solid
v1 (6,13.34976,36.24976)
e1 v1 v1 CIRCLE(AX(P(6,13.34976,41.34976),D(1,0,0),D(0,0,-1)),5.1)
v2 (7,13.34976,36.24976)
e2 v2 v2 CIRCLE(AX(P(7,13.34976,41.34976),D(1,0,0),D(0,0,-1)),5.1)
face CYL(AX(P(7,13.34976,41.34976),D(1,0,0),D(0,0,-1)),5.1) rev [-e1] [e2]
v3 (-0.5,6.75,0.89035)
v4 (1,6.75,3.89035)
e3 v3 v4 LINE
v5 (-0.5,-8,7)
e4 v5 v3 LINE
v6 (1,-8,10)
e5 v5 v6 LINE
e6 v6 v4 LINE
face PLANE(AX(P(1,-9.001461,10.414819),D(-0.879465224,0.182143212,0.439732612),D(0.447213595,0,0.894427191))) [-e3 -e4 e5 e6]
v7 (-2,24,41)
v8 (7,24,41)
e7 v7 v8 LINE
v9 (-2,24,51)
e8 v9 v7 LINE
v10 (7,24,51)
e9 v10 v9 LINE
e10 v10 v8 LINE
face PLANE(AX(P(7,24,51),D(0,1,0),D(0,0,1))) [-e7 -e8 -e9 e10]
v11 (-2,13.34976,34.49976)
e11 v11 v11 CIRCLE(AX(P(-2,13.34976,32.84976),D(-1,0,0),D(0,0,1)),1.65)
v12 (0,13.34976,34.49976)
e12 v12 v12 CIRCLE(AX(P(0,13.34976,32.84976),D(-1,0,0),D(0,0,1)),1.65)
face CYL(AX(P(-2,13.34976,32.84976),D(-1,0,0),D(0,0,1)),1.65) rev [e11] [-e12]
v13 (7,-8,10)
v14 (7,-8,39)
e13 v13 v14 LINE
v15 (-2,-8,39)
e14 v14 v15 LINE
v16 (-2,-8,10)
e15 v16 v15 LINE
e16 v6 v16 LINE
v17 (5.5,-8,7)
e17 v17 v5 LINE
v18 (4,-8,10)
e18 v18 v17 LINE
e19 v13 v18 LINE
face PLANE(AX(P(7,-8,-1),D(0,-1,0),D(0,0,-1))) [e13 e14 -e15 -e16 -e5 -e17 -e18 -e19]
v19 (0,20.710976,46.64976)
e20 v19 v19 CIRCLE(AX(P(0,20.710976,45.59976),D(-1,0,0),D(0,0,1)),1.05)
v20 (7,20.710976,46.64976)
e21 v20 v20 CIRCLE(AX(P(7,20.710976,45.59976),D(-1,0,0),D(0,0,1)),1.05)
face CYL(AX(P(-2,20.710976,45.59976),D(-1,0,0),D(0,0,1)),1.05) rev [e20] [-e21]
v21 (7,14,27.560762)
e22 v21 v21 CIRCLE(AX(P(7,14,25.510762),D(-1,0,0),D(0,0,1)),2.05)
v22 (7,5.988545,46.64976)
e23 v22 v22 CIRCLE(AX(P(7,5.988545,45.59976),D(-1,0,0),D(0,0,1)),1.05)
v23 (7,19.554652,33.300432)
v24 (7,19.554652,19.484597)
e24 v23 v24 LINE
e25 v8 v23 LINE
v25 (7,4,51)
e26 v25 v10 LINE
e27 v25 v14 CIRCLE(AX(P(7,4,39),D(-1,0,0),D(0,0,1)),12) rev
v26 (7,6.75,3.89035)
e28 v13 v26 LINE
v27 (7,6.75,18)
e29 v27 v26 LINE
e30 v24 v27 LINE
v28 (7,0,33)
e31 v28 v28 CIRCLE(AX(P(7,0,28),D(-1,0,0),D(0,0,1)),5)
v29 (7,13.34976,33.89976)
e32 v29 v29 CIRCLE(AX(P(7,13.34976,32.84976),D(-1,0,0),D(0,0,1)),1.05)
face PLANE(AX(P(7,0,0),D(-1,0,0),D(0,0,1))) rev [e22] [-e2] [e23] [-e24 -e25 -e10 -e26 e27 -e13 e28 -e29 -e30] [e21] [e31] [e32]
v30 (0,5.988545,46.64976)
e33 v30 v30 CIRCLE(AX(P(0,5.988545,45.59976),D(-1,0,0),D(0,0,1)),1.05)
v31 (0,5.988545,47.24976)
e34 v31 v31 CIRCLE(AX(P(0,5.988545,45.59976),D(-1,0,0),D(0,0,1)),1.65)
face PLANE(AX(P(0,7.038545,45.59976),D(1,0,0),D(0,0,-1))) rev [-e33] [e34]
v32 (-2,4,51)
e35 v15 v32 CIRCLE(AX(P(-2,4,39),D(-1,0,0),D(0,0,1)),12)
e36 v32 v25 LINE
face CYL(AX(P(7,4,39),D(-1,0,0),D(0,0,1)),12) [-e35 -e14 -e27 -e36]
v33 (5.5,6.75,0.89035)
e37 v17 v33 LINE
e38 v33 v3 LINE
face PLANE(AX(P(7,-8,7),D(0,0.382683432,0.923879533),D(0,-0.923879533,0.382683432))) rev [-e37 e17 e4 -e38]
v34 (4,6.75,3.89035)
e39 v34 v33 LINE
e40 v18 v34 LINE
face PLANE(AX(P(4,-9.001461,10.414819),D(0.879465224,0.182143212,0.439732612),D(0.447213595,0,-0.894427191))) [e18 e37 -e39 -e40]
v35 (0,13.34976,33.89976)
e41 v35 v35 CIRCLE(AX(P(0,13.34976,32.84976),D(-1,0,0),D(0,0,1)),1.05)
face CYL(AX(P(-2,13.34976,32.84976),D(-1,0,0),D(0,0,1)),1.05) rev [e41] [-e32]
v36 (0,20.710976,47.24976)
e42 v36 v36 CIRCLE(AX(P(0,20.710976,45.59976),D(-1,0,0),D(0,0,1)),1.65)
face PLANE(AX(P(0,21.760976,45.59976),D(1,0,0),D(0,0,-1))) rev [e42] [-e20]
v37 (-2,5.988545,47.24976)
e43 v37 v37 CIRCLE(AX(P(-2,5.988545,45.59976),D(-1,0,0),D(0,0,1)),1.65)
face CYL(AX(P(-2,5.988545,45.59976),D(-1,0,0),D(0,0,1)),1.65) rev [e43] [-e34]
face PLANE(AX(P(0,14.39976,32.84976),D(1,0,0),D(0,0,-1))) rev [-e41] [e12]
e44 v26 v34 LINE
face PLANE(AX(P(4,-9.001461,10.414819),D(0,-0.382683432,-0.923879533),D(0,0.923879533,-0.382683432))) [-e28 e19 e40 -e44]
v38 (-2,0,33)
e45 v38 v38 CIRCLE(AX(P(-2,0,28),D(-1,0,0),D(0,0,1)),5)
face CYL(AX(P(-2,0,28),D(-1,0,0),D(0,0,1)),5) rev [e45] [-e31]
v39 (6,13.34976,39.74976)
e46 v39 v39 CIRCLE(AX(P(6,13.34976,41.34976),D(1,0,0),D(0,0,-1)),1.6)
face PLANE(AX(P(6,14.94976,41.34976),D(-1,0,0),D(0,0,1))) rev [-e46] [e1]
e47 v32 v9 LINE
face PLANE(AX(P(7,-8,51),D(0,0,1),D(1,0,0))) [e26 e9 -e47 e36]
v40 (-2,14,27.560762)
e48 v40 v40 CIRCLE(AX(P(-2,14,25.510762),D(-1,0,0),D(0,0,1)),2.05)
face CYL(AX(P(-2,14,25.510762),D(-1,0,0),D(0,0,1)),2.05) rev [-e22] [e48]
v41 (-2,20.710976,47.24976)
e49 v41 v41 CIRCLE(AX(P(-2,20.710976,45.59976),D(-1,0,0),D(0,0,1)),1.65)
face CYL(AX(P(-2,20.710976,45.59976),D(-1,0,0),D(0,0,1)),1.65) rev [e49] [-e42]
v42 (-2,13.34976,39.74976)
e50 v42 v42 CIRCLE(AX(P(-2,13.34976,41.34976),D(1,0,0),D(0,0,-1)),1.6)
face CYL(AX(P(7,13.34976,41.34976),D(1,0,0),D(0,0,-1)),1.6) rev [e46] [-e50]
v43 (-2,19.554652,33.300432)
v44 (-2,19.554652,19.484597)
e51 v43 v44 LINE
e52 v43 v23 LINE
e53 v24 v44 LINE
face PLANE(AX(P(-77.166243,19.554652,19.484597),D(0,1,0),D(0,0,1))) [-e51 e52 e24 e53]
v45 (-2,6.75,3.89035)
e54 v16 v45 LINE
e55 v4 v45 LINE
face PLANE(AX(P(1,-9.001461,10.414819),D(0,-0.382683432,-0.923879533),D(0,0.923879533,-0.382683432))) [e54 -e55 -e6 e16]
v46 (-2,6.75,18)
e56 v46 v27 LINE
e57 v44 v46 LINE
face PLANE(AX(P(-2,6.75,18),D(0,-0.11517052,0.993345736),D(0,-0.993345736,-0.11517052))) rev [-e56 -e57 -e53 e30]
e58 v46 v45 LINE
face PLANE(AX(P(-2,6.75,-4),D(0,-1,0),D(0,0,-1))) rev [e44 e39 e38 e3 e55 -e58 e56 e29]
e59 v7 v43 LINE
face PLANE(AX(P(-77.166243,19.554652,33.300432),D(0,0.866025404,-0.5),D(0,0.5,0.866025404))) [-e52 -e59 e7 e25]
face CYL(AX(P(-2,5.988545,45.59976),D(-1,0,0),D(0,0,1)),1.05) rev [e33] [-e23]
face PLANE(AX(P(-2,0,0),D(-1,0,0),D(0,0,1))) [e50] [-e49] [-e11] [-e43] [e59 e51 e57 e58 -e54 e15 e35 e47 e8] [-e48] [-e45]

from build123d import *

# Parameters (mm, degrees)
SKETCH1_W                                        = 32
SKETCH1_H                                        = 52
BOSS_EXTRUDE1_DEPTH                              = 9
CUT_EXTRUDE2_DEPTH                               = 58.078892771
F_10_0_10_DIAMETER_HOLE1_D                       = 10
FILLET3_R                                        = 12
CUT_EXTRUDE3_DEPTH                               = 58.078892771
CUT_EXTRUDE3_DEPTH_BACK                          = 58.078892771
M4X0_7_TAPPED_HOLE2_D                            = 2.1
M4X0_7_TAPPED_HOLE2_CBORE_D                      = 3.3
M4X0_7_TAPPED_HOLE2_CBORE_DEPTH                  = 2
CBORE_FOR_M3_HEX_HEAD_MACHINE_SCREW5_D           = 3.2
CBORE_FOR_M3_HEX_HEAD_MACHINE_SCREW5_CBORE_D     = 10.2
CBORE_FOR_M3_HEX_HEAD_MACHINE_SCREW5_CBORE_DEPTH = 1
F_4_1_4_1_DIAMETER_HOLE3_D                       = 4.1
CUT_EXTRUDE4_DEPTH                               = 58.078892771
CUT_EXTRUDE4_DEPTH_BACK                          = 58.078892771


with BuildPart() as part:
    # Sketch1 → Boss-Extrude1 (new body)
    with BuildSketch(Plane(origin=(-2, 0, 0), x_dir=(0, -1, 0), z_dir=(-1, 0, 0))):
        with Locations((-8, 25)):
            Rectangle(SKETCH1_W, SKETCH1_H)
    extrude(amount=-BOSS_EXTRUDE1_DEPTH)

    # Sketch3 → Cut-Extrude2 (cut, through all)
    with BuildSketch(Plane(origin=(7, 0, 0), x_dir=(0, 0, -1), z_dir=(1, 0, 0))):
        Polygon((4, 6.75), (-18, 6.75), (-20, 24), (4, 24), align=None)
    extrude(amount=-CUT_EXTRUDE2_DEPTH, mode=Mode.SUBTRACT)

    # Ø10.0 (10) Diameter Hole1 (through all)
    with Locations(Plane.ZY.offset(2)):
        with Locations((28, 0)):
            Hole(F_10_0_10_DIAMETER_HOLE1_D / 2)

    # Fillet3
    fillet3_edges = [part.edges().sort_by_distance(p)[0] for p in [
        (2.5, -8, 51),
    ]]
    fillet(fillet3_edges, radius=FILLET3_R)

    # Cut-Sweep1: sweep along a path in Sketch22
    with BuildLine(Plane(origin=(-2, 0, 0), x_dir=(0, -1, 0), z_dir=(-1, 0, 0))) as cut_sweep1_path:
        Line((8, 11), (-6.75, 4.890349955))
    # Sketch21 → Cut-Sweep1 (sweep, cut)
    with BuildSketch(Plane.XZ.offset(8)):
        Polygon((7, 7), (5.5, 7), (4, 10), (7, 10), align=None)
        Polygon((1, 10), (-0.5, 7), (-2, 7), (-2, 10), align=None)
    sweep(path=cut_sweep1_path.line, mode=Mode.SUBTRACT)

    # Sketch23 → Cut-Extrude3 (cut, two sides: drawn at the far end of the back side and taken through both)
    with BuildSketch(Plane.ZY.offset(2).offset(-CUT_EXTRUDE3_DEPTH_BACK)):
        Polygon((-1, 6.75), (-1, -8), (7, -8), (0.890349955, 6.75), align=None)
    extrude(amount=CUT_EXTRUDE3_DEPTH + CUT_EXTRUDE3_DEPTH_BACK, mode=Mode.SUBTRACT)

    # M4x0.7 Tapped Hole2 (through all)
    with Locations(Plane(origin=(-2, 13.349760492, 32.849760492), x_dir=(0, 0, -1), z_dir=(-1, 0, 0))):
        with Locations((0, 0), (-12.75, -7.361215932), (-12.75, 7.361215932)):
            CounterBoreHole(M4X0_7_TAPPED_HOLE2_D / 2, M4X0_7_TAPPED_HOLE2_CBORE_D / 2, M4X0_7_TAPPED_HOLE2_CBORE_DEPTH)

    # CBORE for M3 Hex Head Machine Screw5 (through all)
    with Locations(Plane(origin=(7, 13.349760492, 41.349760492), x_dir=(0, 0, 1), z_dir=(1, 0, 0))):
        with Locations((0, 0)):
            CounterBoreHole(CBORE_FOR_M3_HEX_HEAD_MACHINE_SCREW5_D / 2, CBORE_FOR_M3_HEX_HEAD_MACHINE_SCREW5_CBORE_D / 2, CBORE_FOR_M3_HEX_HEAD_MACHINE_SCREW5_CBORE_DEPTH)

    # Ø4.1 (4.1) Diameter Hole3 (through all)
    with Locations(Plane(origin=(-2, 14, 25.510762466), x_dir=(0, 0, -1), z_dir=(-1, 0, 0))):
        with Locations((0, 0)):
            Hole(F_4_1_4_1_DIAMETER_HOLE3_D / 2)

    # Sketch37 → Cut-Extrude4 (cut, two sides: drawn at the far end of the back side and taken through both)
    with BuildSketch(Plane.ZY.offset(2).offset(-CUT_EXTRUDE4_DEPTH_BACK)):
        Polygon((33.300431818, 19.554652238), (41, 24), (20, 24), (19.874101839, 22.914128361), (19.484597361, 19.554652238), align=None)
    extrude(amount=CUT_EXTRUDE4_DEPTH + CUT_EXTRUDE4_DEPTH_BACK, mode=Mode.SUBTRACT)


solid = part.part
